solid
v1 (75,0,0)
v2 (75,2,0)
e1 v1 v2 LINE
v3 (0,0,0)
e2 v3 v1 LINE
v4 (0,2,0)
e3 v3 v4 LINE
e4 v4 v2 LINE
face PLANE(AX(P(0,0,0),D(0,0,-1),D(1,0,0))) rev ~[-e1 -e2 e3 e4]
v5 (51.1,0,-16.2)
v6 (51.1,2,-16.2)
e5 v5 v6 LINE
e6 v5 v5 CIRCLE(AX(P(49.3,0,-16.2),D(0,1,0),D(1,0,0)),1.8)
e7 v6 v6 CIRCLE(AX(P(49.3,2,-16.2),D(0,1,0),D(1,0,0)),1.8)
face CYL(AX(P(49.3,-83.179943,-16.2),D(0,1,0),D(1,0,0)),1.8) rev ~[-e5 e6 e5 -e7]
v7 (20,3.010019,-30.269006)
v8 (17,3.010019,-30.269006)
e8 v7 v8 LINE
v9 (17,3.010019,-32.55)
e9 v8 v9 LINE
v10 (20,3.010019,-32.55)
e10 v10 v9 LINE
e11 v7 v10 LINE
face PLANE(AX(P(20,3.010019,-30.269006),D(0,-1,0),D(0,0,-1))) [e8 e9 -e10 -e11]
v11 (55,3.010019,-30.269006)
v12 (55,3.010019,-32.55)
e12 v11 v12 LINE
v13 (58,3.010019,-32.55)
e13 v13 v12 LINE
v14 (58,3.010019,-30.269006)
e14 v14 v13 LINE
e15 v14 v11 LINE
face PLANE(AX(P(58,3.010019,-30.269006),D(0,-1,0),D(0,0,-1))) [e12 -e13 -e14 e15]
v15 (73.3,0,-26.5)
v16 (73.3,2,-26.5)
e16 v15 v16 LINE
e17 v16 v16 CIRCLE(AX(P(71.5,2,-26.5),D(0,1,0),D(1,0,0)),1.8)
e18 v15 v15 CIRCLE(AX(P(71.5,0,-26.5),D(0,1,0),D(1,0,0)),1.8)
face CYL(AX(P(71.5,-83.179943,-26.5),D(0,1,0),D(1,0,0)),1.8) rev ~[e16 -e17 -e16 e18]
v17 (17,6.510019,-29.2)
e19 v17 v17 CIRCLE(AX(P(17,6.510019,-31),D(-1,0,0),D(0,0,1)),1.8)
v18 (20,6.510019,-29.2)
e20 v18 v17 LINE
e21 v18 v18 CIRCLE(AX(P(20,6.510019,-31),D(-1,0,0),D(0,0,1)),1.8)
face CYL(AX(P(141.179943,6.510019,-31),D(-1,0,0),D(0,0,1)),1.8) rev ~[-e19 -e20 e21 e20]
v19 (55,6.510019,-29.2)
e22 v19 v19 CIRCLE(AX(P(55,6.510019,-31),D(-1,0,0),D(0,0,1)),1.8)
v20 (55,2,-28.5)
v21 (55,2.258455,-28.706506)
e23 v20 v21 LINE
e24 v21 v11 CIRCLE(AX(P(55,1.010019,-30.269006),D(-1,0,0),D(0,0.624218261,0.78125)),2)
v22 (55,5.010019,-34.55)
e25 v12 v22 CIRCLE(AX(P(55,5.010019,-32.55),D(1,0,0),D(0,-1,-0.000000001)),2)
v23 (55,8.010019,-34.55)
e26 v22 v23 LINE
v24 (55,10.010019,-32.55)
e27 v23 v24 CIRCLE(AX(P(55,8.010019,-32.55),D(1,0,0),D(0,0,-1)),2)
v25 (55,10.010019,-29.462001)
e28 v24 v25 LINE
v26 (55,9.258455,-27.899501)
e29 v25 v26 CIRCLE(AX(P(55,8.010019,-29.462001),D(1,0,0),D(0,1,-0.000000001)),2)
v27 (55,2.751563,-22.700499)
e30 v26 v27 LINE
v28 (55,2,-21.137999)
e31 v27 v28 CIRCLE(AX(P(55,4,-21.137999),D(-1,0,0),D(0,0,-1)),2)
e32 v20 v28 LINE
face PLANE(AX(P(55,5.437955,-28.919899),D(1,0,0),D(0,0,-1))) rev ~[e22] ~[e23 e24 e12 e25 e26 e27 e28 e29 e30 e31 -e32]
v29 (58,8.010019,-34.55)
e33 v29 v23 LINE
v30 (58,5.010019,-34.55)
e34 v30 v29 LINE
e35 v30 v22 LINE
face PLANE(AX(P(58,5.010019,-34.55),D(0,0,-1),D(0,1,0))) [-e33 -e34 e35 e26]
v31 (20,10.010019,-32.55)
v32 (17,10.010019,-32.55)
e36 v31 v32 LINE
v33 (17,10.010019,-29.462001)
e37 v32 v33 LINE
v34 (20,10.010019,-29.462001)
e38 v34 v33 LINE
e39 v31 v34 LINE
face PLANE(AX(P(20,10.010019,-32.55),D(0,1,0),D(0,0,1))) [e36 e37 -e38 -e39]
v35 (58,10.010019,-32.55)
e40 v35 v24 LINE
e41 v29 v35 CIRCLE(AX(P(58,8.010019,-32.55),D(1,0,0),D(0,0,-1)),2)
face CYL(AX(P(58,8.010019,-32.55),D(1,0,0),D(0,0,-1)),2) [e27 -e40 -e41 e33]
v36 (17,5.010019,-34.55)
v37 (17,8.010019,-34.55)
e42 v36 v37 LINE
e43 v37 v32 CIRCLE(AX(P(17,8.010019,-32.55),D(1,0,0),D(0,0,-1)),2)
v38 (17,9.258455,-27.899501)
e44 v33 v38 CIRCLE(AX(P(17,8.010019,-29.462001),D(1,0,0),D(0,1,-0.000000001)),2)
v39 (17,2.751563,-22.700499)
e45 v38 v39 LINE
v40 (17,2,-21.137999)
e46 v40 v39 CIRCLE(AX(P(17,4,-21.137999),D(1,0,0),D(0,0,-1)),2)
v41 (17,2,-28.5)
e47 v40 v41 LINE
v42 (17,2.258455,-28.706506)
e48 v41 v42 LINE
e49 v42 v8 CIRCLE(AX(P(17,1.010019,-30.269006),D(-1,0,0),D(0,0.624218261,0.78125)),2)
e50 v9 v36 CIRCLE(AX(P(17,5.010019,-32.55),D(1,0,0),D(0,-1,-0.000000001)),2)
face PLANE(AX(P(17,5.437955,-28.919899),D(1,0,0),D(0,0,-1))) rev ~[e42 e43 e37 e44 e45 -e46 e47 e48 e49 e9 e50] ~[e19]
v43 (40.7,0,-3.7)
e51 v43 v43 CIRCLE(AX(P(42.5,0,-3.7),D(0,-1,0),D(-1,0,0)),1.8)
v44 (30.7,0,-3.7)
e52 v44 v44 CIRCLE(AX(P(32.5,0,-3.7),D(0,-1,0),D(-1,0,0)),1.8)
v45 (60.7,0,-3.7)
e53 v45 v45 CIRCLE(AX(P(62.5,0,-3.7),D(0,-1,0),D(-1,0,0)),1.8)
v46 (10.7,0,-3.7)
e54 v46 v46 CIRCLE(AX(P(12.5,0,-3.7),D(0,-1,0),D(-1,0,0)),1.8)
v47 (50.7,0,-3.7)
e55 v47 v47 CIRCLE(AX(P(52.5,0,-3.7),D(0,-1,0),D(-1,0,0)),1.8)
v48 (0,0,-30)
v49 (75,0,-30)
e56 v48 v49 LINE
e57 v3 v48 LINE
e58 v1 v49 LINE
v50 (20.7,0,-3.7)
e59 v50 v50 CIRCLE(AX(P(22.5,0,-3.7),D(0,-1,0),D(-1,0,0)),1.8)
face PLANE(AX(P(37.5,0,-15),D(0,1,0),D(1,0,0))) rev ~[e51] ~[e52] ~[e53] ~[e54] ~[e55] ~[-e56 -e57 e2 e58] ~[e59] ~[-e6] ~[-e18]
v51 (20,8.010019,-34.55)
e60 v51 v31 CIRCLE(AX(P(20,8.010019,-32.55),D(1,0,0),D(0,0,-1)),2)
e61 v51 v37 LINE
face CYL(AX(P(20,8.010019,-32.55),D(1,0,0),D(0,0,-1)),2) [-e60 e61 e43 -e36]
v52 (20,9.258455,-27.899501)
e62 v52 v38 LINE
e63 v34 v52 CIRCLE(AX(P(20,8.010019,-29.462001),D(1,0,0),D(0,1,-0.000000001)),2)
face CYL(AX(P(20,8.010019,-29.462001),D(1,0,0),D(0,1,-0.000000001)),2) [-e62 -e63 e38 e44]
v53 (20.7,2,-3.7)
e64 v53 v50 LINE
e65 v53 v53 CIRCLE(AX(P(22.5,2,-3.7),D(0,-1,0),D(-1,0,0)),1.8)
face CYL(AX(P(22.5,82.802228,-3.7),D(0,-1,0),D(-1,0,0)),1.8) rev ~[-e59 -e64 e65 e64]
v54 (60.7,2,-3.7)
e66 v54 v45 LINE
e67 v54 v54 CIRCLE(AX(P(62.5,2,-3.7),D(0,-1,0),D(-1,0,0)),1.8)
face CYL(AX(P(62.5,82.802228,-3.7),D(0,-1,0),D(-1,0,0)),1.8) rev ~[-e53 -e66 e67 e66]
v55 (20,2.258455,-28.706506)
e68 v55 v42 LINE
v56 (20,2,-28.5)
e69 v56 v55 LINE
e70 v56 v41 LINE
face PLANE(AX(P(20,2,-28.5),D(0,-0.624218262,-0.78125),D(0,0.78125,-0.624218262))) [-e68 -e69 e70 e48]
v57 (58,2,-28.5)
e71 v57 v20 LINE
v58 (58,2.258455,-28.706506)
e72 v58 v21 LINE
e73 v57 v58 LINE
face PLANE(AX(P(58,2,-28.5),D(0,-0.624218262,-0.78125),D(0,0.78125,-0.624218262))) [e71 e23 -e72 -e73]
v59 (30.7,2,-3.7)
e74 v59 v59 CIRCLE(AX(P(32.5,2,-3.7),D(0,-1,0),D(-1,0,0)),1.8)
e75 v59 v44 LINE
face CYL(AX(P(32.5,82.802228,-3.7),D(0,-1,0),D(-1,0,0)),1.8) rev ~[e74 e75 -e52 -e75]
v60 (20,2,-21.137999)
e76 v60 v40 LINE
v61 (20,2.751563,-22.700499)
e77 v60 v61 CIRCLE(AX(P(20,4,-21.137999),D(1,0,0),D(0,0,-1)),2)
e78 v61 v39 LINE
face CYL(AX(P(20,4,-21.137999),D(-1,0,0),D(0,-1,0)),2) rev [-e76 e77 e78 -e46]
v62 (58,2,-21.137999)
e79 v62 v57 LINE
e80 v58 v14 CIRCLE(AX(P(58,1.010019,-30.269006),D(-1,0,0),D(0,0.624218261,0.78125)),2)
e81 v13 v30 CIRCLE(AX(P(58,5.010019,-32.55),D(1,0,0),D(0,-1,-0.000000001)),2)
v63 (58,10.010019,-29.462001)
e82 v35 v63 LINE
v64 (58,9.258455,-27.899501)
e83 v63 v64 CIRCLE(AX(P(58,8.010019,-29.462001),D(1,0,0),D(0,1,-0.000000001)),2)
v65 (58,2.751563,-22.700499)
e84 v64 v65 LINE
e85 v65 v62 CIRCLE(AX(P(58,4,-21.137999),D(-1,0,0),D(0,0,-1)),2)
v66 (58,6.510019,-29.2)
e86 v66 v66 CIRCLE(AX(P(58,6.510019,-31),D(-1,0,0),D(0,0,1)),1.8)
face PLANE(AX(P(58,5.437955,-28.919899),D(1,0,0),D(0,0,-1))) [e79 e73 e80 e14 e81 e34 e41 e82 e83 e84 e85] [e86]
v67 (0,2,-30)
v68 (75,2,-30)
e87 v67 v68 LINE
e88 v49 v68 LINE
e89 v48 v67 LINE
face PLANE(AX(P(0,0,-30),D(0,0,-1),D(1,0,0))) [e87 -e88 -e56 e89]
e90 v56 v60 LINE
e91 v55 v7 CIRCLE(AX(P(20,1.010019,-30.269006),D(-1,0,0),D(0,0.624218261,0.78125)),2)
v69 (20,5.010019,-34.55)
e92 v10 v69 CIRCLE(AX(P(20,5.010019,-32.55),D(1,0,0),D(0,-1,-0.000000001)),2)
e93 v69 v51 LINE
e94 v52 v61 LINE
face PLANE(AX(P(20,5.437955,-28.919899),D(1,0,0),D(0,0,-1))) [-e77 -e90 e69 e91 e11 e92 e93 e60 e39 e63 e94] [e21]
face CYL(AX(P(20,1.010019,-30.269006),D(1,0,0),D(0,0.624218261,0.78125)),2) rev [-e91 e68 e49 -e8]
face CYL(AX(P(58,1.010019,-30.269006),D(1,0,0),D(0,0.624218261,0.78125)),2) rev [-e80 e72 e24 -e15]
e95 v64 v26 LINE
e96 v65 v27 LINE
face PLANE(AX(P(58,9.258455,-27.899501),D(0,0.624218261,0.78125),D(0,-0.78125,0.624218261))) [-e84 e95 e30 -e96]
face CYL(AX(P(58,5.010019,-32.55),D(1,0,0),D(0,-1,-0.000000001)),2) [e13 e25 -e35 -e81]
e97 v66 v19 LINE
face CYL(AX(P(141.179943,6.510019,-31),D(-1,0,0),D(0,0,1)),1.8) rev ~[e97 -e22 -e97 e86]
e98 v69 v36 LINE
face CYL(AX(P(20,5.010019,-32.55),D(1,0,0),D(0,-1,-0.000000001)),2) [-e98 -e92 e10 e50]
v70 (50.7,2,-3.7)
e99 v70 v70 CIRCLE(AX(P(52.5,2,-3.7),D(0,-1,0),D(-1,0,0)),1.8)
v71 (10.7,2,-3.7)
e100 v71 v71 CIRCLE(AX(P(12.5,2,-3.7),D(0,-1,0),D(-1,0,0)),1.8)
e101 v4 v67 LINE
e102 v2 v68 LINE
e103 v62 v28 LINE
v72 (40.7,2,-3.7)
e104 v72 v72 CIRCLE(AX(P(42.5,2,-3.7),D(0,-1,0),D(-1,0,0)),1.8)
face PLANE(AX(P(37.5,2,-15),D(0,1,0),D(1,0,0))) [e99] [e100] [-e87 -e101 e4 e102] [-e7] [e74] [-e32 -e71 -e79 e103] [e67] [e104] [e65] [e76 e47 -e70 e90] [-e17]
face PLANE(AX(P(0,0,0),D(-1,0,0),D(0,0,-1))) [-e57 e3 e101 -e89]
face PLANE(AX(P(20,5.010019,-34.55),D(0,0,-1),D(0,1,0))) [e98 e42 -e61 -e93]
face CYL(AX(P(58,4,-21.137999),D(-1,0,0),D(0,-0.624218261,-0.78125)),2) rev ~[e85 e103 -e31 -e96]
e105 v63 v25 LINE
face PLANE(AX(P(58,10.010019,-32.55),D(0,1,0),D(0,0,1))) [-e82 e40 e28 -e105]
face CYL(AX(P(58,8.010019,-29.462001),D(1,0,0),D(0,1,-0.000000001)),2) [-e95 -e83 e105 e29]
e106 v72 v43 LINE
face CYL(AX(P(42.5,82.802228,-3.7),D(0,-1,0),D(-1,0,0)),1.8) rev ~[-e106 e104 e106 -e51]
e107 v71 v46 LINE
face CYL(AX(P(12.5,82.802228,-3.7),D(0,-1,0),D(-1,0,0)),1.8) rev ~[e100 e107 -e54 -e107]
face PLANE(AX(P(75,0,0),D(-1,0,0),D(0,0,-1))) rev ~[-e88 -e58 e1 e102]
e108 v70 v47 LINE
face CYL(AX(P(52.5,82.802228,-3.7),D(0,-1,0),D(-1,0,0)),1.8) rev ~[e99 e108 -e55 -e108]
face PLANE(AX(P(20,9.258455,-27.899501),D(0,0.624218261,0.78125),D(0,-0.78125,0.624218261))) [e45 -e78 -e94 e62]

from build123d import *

# Parameters (mm, degrees)
SKETCH1_W            = 75
SKETCH1_H            = 30
BOSS_EXTRUDE1_DEPTH  = 2
M3_CLEARANCE_HOLE1_D = 3.6
SKETCH4_R            = 1.75
BOSS_EXTRUDE2_DEPTH  = 3
BOSS_EXTRUDE3_START  = -38
SKETCH4_2_R          = 1.75
BOSS_EXTRUDE3_DEPTH  = 3
FILLET1_R            = 2
M3_CLEARANCE_HOLE2_D = 3.6
M3_CLEARANCE_HOLE3_D = 3.6


with BuildPart() as part:
    # Sketch1 → Boss-Extrude1 (new body)
    with BuildSketch(Plane(origin=(0, 0, 0), x_dir=(1, 0, 0), z_dir=(0, 1, 0))):
        with Locations((37.5, 15)):
            Rectangle(SKETCH1_W, SKETCH1_H)
    extrude(amount=BOSS_EXTRUDE1_DEPTH)

    # M3 Clearance Hole1 (through all)
    with Locations(Plane(origin=(0, 2, 0), x_dir=(1, 0, 0), z_dir=(0, 1, 0))):
        with Locations((42.5, 3.7), (32.5, 3.7), (22.5, 3.7), (12.5, 3.7), (62.5, 3.7), (52.5, 3.7)):
            Hole(M3_CLEARANCE_HOLE1_D / 2)

    # Sketch4 → Boss-Extrude2 (add)
    # profile 1 of 2: a face of its own
    with BuildSketch(Plane.ZY.offset(-20)):
        with BuildLine():
            ThreePointArc((-29.462001252, 10.010018789), (-28.595073643, 9.812360744), (-27.899501252, 9.258455311))
            Line((-27.899501252, 9.258455311), (-22.1, 2))
            Line((-22.1, 2), (-28.5, 2))
            Line((-28.5, 2), (-28.706505632, 2.258455311))
            ThreePointArc((-28.706505632, 2.258455311), (-29.402078024, 2.812360744), (-30.269005632, 3.010018789))
            Line((-30.269005632, 3.010018789), (-32.55, 3.010018789))
            ThreePointArc((-32.55, 3.010018789), (-33.964213562, 3.595805227), (-34.55, 5.010018789))
            Line((-34.55, 5.010018789), (-34.55, 8.010018789))
            ThreePointArc((-34.55, 8.010018789), (-33.964213562, 9.424232352), (-32.55, 10.010018789))
            Line((-32.55, 10.010018789), (-29.462001252, 10.010018789))
        make_face()
        with Locations((-31, 6.510018789)):
            Circle(SKETCH4_R, mode=Mode.SUBTRACT)
    # profile 2 of 2: a face of its own
    with BuildSketch(Plane.ZY.offset(-20)):
        with Locations((-31, 6.510018789)):
            Circle(SKETCH4_R)
    extrude(amount=BOSS_EXTRUDE2_DEPTH)

    # Sketch4<2> → Boss-Extrude3 (add)
    # profile 1 of 2: a face of its own
    with BuildSketch(Plane.ZY.offset(-20).offset(BOSS_EXTRUDE3_START)):
        with BuildLine():
            ThreePointArc((-29.462001252, 10.010018789), (-28.595073643, 9.812360744), (-27.899501252, 9.258455311))
            Line((-27.899501252, 9.258455311), (-22.1, 2))
            Line((-22.1, 2), (-28.5, 2))
            Line((-28.5, 2), (-28.706505632, 2.258455311))
            ThreePointArc((-28.706505632, 2.258455311), (-29.402078024, 2.812360744), (-30.269005632, 3.010018789))
            Line((-30.269005632, 3.010018789), (-32.55, 3.010018789))
            ThreePointArc((-32.55, 3.010018789), (-33.964213562, 3.595805227), (-34.55, 5.010018789))
            Line((-34.55, 5.010018789), (-34.55, 8.010018789))
            ThreePointArc((-34.55, 8.010018789), (-33.964213562, 9.424232352), (-32.55, 10.010018789))
            Line((-32.55, 10.010018789), (-29.462001252, 10.010018789))
        make_face()
        with Locations((-31, 6.510018789)):
            Circle(SKETCH4_2_R, mode=Mode.SUBTRACT)
    # profile 2 of 2: a face of its own
    with BuildSketch(Plane.ZY.offset(-20).offset(BOSS_EXTRUDE3_START)):
        with Locations((-31, 6.510018789)):
            Circle(SKETCH4_2_R)
    extrude(amount=BOSS_EXTRUDE3_DEPTH)

    # Fillet1
    fillet1_edges = [part.edges().sort_by_distance(p)[0] for p in [
        (18.5, 2, -22.1),
        (56.5, 2, -22.1),
    ]]
    fillet(fillet1_edges, radius=FILLET1_R)

    # M3 Clearance Hole2 (through all)
    with Locations(Plane(origin=(58, 0, 0), x_dir=(0, 0, -1), z_dir=(1, 0, 0))):
        with Locations((31, 6.510018789)):
            Hole(M3_CLEARANCE_HOLE2_D / 2)

    # M3 Clearance Hole3 (through all)
    with Locations(Plane(origin=(0, 0, 0), x_dir=(-1, 0, 0), z_dir=(0, -1, 0))):
        with Locations((-49.3, 16.2), (-71.5, 26.5)):
            Hole(M3_CLEARANCE_HOLE3_D / 2)


solid = part.part
